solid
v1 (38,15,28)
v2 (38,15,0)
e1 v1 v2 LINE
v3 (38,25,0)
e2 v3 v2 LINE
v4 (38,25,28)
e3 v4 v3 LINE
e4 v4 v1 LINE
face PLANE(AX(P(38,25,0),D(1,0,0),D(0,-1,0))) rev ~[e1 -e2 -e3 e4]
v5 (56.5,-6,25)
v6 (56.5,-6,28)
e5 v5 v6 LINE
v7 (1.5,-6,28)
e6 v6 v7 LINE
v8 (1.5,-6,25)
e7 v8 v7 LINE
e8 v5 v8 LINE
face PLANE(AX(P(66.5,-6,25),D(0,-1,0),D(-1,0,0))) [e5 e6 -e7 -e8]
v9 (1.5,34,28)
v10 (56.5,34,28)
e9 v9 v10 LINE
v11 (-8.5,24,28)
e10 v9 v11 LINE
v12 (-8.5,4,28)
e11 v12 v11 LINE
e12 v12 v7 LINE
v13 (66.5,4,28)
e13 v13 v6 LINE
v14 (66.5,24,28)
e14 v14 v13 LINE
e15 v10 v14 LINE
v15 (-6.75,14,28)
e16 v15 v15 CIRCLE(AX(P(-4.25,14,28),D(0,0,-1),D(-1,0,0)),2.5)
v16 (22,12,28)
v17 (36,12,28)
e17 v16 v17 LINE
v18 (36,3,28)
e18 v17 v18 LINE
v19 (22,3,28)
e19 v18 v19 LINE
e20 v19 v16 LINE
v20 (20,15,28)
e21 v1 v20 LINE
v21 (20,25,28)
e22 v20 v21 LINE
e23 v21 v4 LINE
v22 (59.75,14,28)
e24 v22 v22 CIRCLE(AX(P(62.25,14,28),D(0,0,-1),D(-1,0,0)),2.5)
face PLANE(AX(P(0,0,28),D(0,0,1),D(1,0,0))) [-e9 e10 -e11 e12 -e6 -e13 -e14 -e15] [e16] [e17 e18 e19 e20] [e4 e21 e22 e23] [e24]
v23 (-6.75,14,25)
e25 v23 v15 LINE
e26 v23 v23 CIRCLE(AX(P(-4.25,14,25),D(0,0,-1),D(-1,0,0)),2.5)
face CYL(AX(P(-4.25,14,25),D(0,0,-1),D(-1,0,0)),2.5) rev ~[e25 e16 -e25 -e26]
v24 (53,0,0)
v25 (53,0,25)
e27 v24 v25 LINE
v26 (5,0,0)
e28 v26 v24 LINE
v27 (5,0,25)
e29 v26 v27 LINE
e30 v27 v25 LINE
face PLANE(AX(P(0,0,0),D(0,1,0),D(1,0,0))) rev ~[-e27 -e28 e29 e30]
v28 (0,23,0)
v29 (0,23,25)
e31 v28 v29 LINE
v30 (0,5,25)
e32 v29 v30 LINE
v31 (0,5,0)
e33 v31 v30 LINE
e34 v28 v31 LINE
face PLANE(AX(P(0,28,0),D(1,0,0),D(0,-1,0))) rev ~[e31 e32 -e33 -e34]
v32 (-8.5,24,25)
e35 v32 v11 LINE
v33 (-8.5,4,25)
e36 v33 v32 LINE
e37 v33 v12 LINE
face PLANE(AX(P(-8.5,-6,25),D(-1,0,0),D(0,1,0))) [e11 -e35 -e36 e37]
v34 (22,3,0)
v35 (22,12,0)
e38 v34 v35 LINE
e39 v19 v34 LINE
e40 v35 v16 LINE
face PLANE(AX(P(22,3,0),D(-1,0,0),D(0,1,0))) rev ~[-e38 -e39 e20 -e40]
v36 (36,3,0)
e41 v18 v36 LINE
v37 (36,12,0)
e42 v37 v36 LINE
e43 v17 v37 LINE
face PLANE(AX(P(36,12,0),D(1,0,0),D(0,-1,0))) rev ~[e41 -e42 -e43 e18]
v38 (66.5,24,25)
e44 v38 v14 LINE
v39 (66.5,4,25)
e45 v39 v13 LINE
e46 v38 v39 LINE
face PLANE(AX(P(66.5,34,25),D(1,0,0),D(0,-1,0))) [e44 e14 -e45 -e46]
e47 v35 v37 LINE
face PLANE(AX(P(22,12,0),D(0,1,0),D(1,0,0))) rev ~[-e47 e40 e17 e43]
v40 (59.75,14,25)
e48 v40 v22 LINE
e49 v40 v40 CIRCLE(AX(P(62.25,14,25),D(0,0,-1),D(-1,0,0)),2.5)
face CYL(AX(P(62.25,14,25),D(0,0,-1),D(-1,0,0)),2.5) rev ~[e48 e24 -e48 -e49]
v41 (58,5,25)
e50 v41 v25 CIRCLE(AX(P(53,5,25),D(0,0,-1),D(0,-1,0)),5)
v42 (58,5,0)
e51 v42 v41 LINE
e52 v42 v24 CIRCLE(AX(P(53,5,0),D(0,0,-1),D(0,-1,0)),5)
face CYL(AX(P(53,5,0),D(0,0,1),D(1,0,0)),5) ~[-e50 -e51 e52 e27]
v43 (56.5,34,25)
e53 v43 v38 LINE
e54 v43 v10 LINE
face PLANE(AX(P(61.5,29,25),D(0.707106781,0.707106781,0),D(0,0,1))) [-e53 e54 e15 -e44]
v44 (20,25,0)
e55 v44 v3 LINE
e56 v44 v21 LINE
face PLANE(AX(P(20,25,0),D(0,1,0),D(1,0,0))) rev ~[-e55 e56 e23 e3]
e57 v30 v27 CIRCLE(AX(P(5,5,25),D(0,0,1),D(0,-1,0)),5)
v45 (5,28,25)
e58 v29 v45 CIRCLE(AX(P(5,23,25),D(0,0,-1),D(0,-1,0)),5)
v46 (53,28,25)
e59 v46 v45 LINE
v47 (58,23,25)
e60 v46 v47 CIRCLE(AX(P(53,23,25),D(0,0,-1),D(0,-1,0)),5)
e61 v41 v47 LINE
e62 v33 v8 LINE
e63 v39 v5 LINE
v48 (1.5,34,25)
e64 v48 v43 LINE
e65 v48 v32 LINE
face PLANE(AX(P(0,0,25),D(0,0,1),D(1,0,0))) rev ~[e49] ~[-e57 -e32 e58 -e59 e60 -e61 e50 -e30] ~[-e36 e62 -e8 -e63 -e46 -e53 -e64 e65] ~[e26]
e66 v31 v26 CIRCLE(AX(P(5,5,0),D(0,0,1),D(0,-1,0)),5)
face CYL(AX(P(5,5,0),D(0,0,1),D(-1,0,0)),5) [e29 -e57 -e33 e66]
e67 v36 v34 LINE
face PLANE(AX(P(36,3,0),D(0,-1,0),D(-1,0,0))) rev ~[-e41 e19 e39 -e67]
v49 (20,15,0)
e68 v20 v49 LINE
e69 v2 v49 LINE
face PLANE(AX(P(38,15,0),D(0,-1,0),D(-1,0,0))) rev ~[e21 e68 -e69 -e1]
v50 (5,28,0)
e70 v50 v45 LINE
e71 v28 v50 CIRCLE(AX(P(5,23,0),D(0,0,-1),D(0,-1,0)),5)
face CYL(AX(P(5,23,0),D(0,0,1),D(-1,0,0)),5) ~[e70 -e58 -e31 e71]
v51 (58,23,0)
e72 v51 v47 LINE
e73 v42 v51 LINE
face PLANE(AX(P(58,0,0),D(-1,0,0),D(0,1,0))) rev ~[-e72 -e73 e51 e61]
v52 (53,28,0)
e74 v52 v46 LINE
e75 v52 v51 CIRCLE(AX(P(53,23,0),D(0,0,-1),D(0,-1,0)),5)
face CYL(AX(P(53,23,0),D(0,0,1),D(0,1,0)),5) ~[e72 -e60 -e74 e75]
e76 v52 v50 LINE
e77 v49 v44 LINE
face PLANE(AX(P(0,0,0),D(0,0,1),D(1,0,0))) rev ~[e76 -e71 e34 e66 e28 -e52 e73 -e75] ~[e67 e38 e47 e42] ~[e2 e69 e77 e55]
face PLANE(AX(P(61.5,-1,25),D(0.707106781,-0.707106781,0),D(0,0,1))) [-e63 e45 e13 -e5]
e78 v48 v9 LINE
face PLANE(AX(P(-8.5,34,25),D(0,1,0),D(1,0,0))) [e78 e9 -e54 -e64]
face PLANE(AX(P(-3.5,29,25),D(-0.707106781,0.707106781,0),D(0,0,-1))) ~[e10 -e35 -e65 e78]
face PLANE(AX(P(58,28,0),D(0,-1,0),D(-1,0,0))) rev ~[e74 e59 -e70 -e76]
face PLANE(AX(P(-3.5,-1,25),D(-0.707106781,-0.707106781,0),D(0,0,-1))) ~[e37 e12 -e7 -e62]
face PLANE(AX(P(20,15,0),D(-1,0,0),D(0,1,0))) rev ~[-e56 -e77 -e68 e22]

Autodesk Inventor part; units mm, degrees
ref_plane "YZ Plane" through (0, 0, 0) normal (1, 0, 0) x (0, 1, 0)
ref_plane "XZ Plane" through (0, 0, 0) normal (0, 1, 0) x (-1, 0, 0)
ref_plane "XY Plane" through (0, 0, 0) normal (0, 0, 1) x (1, 0, 0)
sketch "Sketch1" plane through (0, 0, 0) normal (0, 0, 1) x (1, 0, 0)
  line L0 (0, 0) -> (58, 0)
  line L1 (58, 0) -> (58, 28)
  line L2 (58, 28) -> (0, 28)
  line L3 (0, 28) -> (0, 0)
  line L4 (22, 12) -> (36, 12)
  line L5 (36, 12) -> (36, 3)
  line L6 (36, 3) -> (22, 3)
  line L7 (22, 3) -> (22, 12)
  line L8 (20, 25) -> (38, 25)
  line L9 (38, 25) -> (38, 15)
  line L10 (38, 15) -> (20, 15)
  line L11 (20, 15) -> (20, 25)
  line L12 (29, 25) -> (29, 3) construction
  point P0 (29, 28)
  point P1 (29, 12)
  point P2 (29, 14)
  point P3 (0, 14)
  dimension "d0" = 14
  dimension "d1" = 9
  dimension "d2" = 28
  dimension "d3" = 58
  dimension "d4" = 18
  dimension "d5" = 10
  dimension "d6" = 3
extrude "Extrusion1" add sketch "Sketch1" along normal blind 25
fillet "Fillet1" radius 5 4 edges at (0, 28, 12.5) (0, 0, 12.5) (58, 0, 12.5) (58, 28, 12.5)
sketch "Sketch2" plane through (0, 0, 25) normal (0, 0, 1) x (1, 0, 0)
  arc A0 (58, 23) -> (53, 28) centre (53, 23) ccw projected
  line L0 (53, 28) -> (5, 28) projected
  arc A1 (5, 28) -> (0, 23) centre (5, 23) ccw projected
  line L1 (0, 23) -> (0, 5) projected
  arc A2 (0, 5) -> (5, 0) centre (5, 5) ccw projected
  line L2 (5, 0) -> (53, 0) projected
  arc A3 (53, 0) -> (58, 5) centre (53, 5) ccw projected
  line L3 (58, 5) -> (58, 23) projected
  line L4 (38, 25) -> (38, 15) projected
  line L5 (38, 15) -> (20, 15) projected
  line L6 (20, 15) -> (20, 25) projected
  line L7 (20, 25) -> (38, 25) projected
  line L8 (36, 12) -> (36, 3) projected
  line L9 (36, 3) -> (22, 3) projected
  line L10 (22, 3) -> (22, 12) projected
  line L11 (22, 12) -> (36, 12) projected
  line L12 (-8.5, 34) -> (66.5, 34)
  line L13 (66.5, 34) -> (66.5, -6)
  line L14 (66.5, -6) -> (-8.5, -6)
  line L15 (-8.5, -6) -> (-8.5, 34)
  point P0 (29, 34)
  point P1 (29, 28)
  point P2 (0, 14)
  point P3 (-8.5, 14)
  dimension "d11" = 40
  dimension "d12" = 75
extrude "Extrusion2" add sketch "Sketch2" along normal blind 3 contours L3 A3 L2 A2 L1 A1 L0 A0 | L12 L13 L14 L15
chamfer "Chamfer1" distance 10 angle 45 4 edges at (-8.5, 34, 26.5) (-8.5, -6, 26.5) (66.5, 34, 26.5) (66.5, -6, 26.5)
sketch "Sketch3" plane through (0, 0, 25) normal (0, 0, -1) x (-1, 0, 0)
  circle A0 centre (-62.25, 14) radius 2.5
  circle A1 centre (4.25, 14) radius 2.5
  line L0 (-58, 5) -> (-58, 23) projected
  line L1 (-58, 14) -> (-66.5, 14) construction
  line L2 (-66.5, 24) -> (-66.5, 4) construction
  line L3 (8.5, 4) -> (8.5, 24) construction
  line L4 (0, 23) -> (0, 5) construction
  line L5 (0, 14) -> (8.5, 14) construction
  line L6 (8.5, 24) -> (8.5, 4) projected
  point P0 (0, 0)
  point P1 (-62.25, 14)
  point P2 (4.25, 14)
  dimension "d18" = 5
  dimension "d19" = 5
extrude "Extrusion3" cut sketch "Sketch3" against normal through all
properties part number "BA28" material "ABS Plastic"
